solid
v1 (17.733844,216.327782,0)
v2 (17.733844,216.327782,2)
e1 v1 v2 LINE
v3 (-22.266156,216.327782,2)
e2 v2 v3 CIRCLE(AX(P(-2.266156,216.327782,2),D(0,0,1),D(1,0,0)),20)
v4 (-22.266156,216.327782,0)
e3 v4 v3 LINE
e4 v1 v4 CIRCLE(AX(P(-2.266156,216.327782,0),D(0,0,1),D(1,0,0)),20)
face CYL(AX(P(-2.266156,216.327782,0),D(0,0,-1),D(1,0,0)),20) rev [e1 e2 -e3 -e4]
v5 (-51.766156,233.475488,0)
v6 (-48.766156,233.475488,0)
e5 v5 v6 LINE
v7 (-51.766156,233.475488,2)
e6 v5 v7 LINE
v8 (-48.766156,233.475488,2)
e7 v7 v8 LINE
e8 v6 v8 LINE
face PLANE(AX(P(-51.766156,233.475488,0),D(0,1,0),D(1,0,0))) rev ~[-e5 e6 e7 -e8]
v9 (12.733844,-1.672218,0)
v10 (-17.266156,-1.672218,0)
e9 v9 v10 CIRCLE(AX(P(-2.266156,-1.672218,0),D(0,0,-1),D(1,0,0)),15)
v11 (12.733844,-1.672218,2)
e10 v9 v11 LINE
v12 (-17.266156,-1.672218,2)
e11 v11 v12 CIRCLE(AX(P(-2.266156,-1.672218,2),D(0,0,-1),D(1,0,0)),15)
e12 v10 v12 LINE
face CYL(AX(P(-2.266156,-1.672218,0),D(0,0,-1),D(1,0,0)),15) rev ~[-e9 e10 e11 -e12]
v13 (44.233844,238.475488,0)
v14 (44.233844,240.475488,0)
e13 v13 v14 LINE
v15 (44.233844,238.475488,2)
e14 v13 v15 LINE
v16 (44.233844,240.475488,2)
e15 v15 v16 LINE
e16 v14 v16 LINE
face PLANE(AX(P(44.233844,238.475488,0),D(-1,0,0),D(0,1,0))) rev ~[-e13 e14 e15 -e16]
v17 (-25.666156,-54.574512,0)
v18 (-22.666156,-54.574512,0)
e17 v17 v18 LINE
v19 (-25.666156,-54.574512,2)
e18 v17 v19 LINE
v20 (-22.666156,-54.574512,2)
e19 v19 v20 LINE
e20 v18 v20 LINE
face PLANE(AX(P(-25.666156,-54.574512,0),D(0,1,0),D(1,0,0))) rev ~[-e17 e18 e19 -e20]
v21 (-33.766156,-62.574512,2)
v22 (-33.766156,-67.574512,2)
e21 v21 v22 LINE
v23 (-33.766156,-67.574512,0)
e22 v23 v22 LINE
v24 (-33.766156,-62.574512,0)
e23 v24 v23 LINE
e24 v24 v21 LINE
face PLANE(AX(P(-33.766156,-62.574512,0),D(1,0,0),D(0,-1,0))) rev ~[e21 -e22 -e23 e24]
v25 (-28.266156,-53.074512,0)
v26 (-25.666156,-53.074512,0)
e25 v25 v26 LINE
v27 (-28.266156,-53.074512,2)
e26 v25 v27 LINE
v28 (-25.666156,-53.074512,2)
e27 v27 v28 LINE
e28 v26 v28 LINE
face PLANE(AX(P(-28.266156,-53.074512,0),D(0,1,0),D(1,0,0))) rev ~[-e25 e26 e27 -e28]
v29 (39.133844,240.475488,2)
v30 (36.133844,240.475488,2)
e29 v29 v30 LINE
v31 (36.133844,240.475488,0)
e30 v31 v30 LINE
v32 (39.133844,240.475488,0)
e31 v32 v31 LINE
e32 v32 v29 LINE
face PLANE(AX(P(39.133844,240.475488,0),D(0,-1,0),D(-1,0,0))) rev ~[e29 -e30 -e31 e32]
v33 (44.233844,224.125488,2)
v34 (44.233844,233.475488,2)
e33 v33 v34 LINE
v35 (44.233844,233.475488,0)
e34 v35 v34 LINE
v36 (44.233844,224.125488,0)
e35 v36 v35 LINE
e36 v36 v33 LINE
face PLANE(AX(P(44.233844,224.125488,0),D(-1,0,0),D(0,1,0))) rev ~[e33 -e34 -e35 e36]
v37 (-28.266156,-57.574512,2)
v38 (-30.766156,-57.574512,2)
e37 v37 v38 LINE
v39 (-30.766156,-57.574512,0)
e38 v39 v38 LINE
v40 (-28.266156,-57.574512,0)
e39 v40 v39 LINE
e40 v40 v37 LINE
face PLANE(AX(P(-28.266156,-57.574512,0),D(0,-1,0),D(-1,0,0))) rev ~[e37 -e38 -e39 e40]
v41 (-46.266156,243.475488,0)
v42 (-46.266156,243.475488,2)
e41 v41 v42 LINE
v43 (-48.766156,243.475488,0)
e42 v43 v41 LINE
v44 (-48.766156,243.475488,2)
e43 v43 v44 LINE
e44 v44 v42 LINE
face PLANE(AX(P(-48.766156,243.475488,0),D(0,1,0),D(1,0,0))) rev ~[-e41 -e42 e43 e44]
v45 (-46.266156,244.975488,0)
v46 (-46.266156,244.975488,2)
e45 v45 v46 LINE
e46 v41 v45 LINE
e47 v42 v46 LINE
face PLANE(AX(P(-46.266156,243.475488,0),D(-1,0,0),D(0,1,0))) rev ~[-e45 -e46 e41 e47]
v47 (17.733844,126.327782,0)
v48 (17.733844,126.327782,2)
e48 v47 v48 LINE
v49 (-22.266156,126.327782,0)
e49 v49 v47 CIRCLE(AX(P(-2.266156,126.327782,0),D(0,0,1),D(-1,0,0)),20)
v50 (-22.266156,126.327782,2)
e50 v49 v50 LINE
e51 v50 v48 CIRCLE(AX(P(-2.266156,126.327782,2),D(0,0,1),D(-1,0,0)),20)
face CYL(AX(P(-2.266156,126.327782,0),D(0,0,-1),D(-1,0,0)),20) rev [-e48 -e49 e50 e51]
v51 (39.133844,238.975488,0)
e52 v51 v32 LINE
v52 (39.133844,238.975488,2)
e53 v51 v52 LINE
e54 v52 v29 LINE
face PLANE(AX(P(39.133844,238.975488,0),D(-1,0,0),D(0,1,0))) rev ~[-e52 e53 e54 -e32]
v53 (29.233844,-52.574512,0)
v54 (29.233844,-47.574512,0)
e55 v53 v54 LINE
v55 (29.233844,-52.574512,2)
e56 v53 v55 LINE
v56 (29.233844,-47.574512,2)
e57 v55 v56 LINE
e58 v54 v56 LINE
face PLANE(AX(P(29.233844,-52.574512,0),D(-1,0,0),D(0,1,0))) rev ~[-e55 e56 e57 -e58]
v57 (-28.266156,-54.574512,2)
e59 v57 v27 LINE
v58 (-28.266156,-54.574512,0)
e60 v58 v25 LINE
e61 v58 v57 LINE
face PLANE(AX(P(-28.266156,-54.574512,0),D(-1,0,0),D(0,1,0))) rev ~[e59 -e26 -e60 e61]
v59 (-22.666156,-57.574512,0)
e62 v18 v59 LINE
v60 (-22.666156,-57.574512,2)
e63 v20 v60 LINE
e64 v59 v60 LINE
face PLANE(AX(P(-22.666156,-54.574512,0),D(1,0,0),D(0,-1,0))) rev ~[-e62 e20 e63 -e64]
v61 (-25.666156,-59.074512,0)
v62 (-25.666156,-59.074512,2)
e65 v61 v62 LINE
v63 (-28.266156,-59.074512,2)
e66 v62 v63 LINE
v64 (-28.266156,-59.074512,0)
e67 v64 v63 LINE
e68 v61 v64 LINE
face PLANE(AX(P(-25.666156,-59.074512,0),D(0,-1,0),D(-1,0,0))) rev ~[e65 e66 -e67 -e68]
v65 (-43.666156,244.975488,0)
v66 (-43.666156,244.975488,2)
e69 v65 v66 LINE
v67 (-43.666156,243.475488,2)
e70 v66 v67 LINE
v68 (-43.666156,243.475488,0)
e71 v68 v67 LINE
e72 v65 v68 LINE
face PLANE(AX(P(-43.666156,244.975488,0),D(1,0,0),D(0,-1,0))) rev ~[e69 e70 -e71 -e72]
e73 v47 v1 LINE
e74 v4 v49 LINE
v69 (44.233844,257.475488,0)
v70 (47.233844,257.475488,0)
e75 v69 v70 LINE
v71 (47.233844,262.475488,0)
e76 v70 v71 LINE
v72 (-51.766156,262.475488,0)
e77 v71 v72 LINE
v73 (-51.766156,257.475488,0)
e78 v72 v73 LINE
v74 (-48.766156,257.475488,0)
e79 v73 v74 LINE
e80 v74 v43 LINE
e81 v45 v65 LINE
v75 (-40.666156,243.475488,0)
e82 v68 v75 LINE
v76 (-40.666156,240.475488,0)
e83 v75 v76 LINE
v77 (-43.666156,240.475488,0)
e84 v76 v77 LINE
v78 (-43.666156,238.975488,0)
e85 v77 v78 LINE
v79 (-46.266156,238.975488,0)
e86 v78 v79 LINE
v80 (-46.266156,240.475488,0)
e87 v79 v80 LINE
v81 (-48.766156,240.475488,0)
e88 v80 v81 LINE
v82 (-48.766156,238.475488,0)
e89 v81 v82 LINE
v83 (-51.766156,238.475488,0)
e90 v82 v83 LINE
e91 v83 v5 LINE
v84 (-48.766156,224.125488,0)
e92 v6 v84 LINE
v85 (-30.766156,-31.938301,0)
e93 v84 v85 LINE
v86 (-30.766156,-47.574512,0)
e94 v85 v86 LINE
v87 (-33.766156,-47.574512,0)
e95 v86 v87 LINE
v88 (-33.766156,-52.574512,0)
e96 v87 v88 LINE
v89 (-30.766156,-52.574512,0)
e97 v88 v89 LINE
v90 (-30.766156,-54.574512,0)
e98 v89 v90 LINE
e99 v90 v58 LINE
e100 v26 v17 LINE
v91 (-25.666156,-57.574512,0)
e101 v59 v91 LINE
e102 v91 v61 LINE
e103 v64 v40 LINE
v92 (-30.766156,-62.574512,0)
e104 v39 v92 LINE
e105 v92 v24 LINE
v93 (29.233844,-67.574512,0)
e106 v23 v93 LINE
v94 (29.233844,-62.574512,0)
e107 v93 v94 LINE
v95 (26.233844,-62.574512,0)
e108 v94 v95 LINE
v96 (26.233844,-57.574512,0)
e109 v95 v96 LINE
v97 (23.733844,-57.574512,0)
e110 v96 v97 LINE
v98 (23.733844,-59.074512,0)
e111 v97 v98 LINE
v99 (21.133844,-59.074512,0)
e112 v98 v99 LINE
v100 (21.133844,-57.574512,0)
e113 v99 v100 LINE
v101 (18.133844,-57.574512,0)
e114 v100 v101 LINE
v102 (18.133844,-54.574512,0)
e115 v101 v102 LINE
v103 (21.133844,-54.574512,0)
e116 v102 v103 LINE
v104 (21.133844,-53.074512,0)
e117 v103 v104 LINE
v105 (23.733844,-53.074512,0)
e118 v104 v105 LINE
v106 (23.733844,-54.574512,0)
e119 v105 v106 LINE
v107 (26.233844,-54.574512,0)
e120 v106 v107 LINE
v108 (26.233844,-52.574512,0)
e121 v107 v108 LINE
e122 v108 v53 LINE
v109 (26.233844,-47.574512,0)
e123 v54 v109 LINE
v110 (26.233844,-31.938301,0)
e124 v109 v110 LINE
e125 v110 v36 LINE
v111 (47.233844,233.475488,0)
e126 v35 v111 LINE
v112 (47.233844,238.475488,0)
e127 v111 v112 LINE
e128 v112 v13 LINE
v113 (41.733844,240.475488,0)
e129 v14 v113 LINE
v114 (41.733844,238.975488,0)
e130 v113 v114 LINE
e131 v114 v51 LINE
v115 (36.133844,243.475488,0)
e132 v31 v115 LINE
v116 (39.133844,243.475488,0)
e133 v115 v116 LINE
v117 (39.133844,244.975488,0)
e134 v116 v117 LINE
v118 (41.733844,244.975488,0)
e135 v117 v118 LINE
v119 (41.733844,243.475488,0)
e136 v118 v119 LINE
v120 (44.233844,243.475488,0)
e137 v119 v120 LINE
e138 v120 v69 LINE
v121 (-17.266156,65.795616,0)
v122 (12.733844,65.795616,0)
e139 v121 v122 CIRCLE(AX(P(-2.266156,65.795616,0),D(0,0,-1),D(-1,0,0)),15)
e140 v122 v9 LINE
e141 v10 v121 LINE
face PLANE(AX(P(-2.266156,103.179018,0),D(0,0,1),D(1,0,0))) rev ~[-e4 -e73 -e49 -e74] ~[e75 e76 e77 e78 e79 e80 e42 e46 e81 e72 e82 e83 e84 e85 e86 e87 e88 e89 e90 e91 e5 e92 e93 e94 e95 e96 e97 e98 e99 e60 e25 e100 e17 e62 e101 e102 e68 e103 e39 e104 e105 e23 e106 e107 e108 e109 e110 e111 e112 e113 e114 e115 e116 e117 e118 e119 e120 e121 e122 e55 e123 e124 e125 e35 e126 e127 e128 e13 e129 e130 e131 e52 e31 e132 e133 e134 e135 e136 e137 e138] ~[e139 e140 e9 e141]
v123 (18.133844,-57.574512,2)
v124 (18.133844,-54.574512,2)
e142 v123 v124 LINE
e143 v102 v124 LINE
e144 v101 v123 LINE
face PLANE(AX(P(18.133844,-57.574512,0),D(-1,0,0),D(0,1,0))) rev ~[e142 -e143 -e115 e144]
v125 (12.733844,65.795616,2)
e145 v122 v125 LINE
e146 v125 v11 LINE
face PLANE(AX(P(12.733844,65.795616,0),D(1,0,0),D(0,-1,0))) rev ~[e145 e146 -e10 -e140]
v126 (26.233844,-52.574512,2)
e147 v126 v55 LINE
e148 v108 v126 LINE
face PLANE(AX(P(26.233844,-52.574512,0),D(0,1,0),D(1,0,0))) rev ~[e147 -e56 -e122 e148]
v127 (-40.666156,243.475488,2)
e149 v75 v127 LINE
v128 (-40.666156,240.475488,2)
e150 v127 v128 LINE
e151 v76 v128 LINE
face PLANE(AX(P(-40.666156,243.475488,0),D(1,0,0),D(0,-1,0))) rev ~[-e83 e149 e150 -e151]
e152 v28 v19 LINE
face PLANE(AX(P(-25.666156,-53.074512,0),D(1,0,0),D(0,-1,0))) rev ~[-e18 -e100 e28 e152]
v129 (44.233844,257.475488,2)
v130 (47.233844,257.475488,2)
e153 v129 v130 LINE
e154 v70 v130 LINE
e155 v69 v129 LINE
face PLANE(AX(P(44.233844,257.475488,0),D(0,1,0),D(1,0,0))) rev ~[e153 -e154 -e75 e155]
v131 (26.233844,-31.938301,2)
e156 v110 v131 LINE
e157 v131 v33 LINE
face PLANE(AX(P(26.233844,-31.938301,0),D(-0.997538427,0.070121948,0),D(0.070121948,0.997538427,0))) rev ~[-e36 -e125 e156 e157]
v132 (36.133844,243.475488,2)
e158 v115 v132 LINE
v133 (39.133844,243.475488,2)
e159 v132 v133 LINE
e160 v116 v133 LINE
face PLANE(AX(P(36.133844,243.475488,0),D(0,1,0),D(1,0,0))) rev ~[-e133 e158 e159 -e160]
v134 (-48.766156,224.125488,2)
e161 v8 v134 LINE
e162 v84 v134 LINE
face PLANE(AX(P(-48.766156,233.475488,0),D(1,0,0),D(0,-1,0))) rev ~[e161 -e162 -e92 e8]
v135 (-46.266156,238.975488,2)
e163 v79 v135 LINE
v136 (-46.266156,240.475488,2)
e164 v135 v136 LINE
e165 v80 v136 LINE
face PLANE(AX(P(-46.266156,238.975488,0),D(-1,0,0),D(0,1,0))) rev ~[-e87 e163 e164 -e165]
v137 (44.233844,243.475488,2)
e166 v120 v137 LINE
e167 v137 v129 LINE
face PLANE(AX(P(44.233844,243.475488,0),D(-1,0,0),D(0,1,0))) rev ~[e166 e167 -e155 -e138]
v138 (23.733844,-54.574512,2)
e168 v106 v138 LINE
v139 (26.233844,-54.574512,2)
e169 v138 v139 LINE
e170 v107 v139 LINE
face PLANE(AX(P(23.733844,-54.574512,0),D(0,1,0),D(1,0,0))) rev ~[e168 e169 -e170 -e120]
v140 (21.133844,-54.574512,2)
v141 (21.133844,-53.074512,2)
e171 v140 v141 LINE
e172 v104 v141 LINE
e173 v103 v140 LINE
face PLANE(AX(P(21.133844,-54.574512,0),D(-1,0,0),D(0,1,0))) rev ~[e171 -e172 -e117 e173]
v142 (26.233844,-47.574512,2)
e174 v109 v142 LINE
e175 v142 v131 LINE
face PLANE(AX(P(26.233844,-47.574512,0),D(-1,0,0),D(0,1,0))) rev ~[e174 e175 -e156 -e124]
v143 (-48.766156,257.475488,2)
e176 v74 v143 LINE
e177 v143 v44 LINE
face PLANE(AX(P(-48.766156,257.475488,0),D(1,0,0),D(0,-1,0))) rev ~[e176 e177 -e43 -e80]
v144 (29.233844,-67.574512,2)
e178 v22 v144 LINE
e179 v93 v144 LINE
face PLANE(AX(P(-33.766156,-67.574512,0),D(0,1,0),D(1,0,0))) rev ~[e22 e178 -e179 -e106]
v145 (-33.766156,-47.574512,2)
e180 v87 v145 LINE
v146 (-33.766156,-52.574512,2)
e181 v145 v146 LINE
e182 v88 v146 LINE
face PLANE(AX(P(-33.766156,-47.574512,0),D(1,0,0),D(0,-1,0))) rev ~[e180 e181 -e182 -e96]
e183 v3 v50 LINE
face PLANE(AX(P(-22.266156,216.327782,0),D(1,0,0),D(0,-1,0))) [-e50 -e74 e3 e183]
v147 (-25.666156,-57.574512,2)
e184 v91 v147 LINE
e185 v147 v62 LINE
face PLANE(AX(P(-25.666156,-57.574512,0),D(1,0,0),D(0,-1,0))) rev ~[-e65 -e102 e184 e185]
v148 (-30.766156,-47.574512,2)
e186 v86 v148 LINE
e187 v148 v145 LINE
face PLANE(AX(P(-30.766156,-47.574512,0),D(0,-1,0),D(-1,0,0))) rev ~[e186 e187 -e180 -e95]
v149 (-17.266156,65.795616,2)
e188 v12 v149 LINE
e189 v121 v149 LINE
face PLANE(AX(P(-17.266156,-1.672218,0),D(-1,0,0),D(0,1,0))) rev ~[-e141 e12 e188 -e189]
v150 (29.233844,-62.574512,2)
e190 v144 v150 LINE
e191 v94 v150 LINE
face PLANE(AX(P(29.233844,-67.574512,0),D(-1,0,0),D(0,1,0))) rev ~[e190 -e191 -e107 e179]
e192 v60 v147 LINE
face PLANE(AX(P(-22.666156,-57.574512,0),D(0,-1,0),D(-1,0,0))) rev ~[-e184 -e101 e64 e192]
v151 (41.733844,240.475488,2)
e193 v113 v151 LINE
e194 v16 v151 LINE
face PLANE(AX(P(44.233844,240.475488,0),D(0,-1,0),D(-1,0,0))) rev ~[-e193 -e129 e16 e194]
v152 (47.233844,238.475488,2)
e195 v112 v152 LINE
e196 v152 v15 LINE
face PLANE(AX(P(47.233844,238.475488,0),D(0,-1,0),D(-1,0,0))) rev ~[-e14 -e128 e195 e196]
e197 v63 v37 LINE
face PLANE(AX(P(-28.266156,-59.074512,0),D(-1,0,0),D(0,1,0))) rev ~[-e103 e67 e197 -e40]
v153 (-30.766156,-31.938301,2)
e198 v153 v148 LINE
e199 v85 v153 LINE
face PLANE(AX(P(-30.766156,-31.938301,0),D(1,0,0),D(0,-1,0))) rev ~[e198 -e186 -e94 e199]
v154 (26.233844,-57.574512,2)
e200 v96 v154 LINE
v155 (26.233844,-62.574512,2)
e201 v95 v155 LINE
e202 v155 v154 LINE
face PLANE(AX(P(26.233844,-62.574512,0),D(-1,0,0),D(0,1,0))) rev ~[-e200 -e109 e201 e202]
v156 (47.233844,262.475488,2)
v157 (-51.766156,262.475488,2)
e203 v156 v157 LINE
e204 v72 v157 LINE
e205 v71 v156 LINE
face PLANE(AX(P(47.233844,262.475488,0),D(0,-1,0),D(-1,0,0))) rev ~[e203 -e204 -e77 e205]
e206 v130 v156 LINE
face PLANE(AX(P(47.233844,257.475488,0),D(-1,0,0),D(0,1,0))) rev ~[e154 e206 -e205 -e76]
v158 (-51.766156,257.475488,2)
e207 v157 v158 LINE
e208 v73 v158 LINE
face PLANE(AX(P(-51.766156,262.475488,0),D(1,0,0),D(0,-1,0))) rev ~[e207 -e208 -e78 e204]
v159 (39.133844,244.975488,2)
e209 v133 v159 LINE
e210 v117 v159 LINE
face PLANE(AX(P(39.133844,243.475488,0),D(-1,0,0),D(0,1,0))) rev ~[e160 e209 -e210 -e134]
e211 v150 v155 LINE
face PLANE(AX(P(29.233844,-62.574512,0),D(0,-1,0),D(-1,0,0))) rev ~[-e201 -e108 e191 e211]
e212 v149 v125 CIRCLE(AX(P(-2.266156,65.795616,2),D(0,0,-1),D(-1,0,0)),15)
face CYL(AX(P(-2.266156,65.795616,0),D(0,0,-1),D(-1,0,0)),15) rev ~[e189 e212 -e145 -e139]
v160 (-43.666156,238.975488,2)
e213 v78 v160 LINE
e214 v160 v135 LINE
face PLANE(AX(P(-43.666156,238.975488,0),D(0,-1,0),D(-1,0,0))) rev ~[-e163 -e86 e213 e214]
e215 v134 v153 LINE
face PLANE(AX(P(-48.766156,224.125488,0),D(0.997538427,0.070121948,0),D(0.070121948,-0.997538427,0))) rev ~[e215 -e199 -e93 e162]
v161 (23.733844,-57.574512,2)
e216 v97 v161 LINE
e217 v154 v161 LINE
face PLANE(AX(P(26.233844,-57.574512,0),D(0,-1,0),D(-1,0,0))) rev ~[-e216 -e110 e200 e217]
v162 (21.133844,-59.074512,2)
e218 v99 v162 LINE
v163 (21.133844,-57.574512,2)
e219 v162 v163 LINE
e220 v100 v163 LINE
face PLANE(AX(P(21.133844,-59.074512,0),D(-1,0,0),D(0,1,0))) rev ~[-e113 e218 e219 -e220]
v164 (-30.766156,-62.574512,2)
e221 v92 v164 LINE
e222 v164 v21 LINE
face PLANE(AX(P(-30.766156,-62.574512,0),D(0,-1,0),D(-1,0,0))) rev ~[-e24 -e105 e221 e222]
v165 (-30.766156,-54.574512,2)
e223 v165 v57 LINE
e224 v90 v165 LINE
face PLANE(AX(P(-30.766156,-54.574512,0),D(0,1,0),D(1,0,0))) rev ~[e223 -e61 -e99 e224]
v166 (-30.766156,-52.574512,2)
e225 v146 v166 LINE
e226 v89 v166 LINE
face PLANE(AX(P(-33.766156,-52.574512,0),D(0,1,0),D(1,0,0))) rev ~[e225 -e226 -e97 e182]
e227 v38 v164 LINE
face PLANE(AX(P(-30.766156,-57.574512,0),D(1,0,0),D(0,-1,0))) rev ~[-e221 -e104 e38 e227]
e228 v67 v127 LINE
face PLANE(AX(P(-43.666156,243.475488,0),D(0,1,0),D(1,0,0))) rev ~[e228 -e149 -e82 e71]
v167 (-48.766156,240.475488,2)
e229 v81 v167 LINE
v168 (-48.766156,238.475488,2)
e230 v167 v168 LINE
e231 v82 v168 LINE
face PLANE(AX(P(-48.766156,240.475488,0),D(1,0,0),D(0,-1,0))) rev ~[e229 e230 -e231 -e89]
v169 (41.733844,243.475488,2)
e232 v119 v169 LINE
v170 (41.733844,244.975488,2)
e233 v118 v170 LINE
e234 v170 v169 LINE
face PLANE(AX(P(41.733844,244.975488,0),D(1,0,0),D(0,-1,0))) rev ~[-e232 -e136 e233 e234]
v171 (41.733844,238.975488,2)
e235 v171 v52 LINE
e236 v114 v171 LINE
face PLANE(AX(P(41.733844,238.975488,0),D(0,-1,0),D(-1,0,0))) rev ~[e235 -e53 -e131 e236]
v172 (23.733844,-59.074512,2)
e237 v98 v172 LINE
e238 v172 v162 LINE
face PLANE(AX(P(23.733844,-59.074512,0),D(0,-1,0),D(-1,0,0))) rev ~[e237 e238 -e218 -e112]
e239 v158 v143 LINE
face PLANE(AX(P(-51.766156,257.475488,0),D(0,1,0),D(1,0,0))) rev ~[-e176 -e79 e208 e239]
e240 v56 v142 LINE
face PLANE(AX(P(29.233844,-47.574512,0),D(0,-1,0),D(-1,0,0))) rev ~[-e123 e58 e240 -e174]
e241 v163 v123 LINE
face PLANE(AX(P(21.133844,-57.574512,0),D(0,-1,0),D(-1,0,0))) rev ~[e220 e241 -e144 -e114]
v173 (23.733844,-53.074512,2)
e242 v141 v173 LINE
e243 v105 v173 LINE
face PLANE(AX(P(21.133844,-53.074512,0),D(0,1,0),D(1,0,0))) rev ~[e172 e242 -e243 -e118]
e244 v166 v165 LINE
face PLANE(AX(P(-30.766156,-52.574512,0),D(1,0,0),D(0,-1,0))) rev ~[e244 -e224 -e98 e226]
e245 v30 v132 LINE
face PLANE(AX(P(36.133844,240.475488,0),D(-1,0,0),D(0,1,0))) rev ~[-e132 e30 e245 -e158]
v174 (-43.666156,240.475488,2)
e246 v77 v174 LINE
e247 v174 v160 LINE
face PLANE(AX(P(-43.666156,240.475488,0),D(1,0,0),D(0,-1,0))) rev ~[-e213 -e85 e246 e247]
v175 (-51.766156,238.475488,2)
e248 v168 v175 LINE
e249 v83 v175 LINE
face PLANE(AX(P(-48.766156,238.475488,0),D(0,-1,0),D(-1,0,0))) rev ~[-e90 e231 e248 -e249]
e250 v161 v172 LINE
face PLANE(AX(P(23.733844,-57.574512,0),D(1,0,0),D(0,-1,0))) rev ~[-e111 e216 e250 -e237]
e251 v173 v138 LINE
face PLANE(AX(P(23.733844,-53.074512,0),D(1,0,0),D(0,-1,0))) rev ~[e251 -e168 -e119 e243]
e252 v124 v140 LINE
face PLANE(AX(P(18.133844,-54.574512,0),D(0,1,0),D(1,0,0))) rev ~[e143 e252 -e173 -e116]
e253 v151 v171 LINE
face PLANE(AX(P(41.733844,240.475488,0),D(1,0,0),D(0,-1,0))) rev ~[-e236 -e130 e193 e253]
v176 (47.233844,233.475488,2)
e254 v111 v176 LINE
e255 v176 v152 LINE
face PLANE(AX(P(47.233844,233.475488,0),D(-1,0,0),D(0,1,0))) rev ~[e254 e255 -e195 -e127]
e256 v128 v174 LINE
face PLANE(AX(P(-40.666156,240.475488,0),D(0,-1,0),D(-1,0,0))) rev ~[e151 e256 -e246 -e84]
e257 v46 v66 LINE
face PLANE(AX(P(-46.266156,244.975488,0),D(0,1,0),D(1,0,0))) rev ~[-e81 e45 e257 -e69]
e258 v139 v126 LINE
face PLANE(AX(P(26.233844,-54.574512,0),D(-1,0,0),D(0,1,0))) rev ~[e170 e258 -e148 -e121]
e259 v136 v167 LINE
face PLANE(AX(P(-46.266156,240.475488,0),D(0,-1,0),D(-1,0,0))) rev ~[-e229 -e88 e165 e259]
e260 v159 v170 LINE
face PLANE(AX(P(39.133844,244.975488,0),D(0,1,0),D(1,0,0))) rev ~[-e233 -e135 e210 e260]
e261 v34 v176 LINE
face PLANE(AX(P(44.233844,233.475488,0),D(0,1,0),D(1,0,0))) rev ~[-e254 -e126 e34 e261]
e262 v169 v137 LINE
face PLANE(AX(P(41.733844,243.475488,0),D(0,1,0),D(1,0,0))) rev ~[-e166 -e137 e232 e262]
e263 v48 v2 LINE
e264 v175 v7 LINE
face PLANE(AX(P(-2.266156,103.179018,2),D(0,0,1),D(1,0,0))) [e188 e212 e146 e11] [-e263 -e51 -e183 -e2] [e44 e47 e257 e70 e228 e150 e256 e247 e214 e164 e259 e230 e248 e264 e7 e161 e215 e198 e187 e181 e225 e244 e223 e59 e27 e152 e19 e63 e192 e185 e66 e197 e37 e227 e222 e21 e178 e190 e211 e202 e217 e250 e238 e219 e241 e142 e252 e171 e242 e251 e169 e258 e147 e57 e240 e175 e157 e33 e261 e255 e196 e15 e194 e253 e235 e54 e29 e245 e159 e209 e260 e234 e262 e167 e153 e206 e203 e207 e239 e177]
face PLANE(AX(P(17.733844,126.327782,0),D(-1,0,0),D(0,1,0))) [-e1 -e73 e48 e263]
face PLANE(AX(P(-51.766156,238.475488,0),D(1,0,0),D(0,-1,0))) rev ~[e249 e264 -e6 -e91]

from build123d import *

# Parameters (mm, degrees)
EXTRUDE_1_DEPTH = 2


with BuildPart() as part:
    # 草图1 → 凸台-拉伸1 (new body)
    with BuildSketch(Plane.XY):
        Polygon((26.233844386, -52.574512395), (29.233844386, -52.574512395), (29.233844386, -47.574512395), (26.233844386, -47.574512395), (26.233844386, -31.938300989), (44.233844386, 224.125487605), (44.233844386, 233.475487605), (47.233844386, 233.475487605), (47.233844386, 238.475487605), (44.233844386, 238.475487605), (44.233844386, 240.475487605), (41.733844386, 240.475487605), (41.733844386, 238.975487605), (39.133844386, 238.975487605), (39.133844386, 240.475487605), (36.133844386, 240.475487605), (36.133844386, 243.475487605), (39.133844386, 243.475487605), (39.133844386, 244.975487605), (41.733844386, 244.975487605), (41.733844386, 243.475487605), (44.233844386, 243.475487605), (44.233844386, 248.475487605), (44.233844386, 257.475487605), (47.233844386, 257.475487605), (47.233844386, 262.475487605), (44.233844386, 262.475487605), (-48.766155614, 262.475487605), (-51.766155614, 262.475487605), (-51.766155614, 257.475487605), (-48.766155614, 257.475487605), (-48.766155614, 248.475487605), (-48.766155614, 243.475487605), (-46.266155614, 243.475487605), (-46.266155614, 244.975487605), (-43.666155614, 244.975487605), (-43.666155614, 243.475487605), (-40.666155614, 243.475487605), (-40.666155614, 240.475487605), (-43.666155614, 240.475487605), (-43.666155614, 238.975487605), (-46.266155614, 238.975487605), (-46.266155614, 240.475487605), (-48.766155614, 240.475487605), (-48.766155614, 238.475487605), (-51.766155614, 238.475487605), (-51.766155614, 233.475487605), (-48.766155614, 233.475487605), (-48.766155614, 224.125487605), (-30.766155614, -31.938300989), (-30.766155614, -47.574512395), (-33.766155614, -47.574512395), (-33.766155614, -52.574512395), (-30.766155614, -52.574512395), (-30.766155614, -54.574512395), (-28.266155614, -54.574512395), (-28.266155614, -53.074512395), (-25.666155614, -53.074512395), (-25.666155614, -54.574512395), (-22.666155614, -54.574512395), (-22.666155614, -57.574512395), (-25.666155614, -57.574512395), (-25.666155614, -59.074512395), (-28.266155614, -59.074512395), (-28.266155614, -57.574512395), (-30.766155614, -57.574512395), (-30.766155614, -62.574512395), (-33.766155614, -62.574512395), (-33.766155614, -67.574512395), (-30.766155614, -67.574512395), (26.233844386, -67.574512395), (29.233844386, -67.574512395), (29.233844386, -62.574512395), (26.233844386, -62.574512395), (26.233844386, -57.574512395), (23.733844386, -57.574512395), (23.733844386, -59.074512395), (21.133844386, -59.074512395), (21.133844386, -57.574512395), (18.133844386, -57.574512395), (18.133844386, -54.574512395), (21.133844386, -54.574512395), (21.133844386, -53.074512395), (23.733844386, -53.074512395), (23.733844386, -54.574512395), (26.233844386, -54.574512395), align=None)
        with BuildLine():
            Line((-17.266155614, -1.672218314), (-17.266155614, 65.795616335))
            ThreePointArc((-17.266155614, 65.795616335), (-2.266155614, 80.795616335), (12.733844386, 65.795616335))
            Line((12.733844386, 65.795616335), (12.733844386, -1.672218314))
            ThreePointArc((12.733844386, -1.672218314), (-2.266155614, -16.672218314), (-17.266155614, -1.672218314))
        make_face(mode=Mode.SUBTRACT)
        with BuildLine():
            Line((-22.266155614, 216.327781686), (-22.266155614, 126.327781686))
            ThreePointArc((-22.266155614, 126.327781686), (-2.266155614, 106.327781686), (17.733844386, 126.327781686))
            Line((17.733844386, 126.327781686), (17.733844386, 216.327781686))
            ThreePointArc((17.733844386, 216.327781686), (-2.266155614, 236.327781686), (-22.266155614, 216.327781686))
        make_face(mode=Mode.SUBTRACT)
    extrude(amount=EXTRUDE_1_DEPTH)


solid = part.part
